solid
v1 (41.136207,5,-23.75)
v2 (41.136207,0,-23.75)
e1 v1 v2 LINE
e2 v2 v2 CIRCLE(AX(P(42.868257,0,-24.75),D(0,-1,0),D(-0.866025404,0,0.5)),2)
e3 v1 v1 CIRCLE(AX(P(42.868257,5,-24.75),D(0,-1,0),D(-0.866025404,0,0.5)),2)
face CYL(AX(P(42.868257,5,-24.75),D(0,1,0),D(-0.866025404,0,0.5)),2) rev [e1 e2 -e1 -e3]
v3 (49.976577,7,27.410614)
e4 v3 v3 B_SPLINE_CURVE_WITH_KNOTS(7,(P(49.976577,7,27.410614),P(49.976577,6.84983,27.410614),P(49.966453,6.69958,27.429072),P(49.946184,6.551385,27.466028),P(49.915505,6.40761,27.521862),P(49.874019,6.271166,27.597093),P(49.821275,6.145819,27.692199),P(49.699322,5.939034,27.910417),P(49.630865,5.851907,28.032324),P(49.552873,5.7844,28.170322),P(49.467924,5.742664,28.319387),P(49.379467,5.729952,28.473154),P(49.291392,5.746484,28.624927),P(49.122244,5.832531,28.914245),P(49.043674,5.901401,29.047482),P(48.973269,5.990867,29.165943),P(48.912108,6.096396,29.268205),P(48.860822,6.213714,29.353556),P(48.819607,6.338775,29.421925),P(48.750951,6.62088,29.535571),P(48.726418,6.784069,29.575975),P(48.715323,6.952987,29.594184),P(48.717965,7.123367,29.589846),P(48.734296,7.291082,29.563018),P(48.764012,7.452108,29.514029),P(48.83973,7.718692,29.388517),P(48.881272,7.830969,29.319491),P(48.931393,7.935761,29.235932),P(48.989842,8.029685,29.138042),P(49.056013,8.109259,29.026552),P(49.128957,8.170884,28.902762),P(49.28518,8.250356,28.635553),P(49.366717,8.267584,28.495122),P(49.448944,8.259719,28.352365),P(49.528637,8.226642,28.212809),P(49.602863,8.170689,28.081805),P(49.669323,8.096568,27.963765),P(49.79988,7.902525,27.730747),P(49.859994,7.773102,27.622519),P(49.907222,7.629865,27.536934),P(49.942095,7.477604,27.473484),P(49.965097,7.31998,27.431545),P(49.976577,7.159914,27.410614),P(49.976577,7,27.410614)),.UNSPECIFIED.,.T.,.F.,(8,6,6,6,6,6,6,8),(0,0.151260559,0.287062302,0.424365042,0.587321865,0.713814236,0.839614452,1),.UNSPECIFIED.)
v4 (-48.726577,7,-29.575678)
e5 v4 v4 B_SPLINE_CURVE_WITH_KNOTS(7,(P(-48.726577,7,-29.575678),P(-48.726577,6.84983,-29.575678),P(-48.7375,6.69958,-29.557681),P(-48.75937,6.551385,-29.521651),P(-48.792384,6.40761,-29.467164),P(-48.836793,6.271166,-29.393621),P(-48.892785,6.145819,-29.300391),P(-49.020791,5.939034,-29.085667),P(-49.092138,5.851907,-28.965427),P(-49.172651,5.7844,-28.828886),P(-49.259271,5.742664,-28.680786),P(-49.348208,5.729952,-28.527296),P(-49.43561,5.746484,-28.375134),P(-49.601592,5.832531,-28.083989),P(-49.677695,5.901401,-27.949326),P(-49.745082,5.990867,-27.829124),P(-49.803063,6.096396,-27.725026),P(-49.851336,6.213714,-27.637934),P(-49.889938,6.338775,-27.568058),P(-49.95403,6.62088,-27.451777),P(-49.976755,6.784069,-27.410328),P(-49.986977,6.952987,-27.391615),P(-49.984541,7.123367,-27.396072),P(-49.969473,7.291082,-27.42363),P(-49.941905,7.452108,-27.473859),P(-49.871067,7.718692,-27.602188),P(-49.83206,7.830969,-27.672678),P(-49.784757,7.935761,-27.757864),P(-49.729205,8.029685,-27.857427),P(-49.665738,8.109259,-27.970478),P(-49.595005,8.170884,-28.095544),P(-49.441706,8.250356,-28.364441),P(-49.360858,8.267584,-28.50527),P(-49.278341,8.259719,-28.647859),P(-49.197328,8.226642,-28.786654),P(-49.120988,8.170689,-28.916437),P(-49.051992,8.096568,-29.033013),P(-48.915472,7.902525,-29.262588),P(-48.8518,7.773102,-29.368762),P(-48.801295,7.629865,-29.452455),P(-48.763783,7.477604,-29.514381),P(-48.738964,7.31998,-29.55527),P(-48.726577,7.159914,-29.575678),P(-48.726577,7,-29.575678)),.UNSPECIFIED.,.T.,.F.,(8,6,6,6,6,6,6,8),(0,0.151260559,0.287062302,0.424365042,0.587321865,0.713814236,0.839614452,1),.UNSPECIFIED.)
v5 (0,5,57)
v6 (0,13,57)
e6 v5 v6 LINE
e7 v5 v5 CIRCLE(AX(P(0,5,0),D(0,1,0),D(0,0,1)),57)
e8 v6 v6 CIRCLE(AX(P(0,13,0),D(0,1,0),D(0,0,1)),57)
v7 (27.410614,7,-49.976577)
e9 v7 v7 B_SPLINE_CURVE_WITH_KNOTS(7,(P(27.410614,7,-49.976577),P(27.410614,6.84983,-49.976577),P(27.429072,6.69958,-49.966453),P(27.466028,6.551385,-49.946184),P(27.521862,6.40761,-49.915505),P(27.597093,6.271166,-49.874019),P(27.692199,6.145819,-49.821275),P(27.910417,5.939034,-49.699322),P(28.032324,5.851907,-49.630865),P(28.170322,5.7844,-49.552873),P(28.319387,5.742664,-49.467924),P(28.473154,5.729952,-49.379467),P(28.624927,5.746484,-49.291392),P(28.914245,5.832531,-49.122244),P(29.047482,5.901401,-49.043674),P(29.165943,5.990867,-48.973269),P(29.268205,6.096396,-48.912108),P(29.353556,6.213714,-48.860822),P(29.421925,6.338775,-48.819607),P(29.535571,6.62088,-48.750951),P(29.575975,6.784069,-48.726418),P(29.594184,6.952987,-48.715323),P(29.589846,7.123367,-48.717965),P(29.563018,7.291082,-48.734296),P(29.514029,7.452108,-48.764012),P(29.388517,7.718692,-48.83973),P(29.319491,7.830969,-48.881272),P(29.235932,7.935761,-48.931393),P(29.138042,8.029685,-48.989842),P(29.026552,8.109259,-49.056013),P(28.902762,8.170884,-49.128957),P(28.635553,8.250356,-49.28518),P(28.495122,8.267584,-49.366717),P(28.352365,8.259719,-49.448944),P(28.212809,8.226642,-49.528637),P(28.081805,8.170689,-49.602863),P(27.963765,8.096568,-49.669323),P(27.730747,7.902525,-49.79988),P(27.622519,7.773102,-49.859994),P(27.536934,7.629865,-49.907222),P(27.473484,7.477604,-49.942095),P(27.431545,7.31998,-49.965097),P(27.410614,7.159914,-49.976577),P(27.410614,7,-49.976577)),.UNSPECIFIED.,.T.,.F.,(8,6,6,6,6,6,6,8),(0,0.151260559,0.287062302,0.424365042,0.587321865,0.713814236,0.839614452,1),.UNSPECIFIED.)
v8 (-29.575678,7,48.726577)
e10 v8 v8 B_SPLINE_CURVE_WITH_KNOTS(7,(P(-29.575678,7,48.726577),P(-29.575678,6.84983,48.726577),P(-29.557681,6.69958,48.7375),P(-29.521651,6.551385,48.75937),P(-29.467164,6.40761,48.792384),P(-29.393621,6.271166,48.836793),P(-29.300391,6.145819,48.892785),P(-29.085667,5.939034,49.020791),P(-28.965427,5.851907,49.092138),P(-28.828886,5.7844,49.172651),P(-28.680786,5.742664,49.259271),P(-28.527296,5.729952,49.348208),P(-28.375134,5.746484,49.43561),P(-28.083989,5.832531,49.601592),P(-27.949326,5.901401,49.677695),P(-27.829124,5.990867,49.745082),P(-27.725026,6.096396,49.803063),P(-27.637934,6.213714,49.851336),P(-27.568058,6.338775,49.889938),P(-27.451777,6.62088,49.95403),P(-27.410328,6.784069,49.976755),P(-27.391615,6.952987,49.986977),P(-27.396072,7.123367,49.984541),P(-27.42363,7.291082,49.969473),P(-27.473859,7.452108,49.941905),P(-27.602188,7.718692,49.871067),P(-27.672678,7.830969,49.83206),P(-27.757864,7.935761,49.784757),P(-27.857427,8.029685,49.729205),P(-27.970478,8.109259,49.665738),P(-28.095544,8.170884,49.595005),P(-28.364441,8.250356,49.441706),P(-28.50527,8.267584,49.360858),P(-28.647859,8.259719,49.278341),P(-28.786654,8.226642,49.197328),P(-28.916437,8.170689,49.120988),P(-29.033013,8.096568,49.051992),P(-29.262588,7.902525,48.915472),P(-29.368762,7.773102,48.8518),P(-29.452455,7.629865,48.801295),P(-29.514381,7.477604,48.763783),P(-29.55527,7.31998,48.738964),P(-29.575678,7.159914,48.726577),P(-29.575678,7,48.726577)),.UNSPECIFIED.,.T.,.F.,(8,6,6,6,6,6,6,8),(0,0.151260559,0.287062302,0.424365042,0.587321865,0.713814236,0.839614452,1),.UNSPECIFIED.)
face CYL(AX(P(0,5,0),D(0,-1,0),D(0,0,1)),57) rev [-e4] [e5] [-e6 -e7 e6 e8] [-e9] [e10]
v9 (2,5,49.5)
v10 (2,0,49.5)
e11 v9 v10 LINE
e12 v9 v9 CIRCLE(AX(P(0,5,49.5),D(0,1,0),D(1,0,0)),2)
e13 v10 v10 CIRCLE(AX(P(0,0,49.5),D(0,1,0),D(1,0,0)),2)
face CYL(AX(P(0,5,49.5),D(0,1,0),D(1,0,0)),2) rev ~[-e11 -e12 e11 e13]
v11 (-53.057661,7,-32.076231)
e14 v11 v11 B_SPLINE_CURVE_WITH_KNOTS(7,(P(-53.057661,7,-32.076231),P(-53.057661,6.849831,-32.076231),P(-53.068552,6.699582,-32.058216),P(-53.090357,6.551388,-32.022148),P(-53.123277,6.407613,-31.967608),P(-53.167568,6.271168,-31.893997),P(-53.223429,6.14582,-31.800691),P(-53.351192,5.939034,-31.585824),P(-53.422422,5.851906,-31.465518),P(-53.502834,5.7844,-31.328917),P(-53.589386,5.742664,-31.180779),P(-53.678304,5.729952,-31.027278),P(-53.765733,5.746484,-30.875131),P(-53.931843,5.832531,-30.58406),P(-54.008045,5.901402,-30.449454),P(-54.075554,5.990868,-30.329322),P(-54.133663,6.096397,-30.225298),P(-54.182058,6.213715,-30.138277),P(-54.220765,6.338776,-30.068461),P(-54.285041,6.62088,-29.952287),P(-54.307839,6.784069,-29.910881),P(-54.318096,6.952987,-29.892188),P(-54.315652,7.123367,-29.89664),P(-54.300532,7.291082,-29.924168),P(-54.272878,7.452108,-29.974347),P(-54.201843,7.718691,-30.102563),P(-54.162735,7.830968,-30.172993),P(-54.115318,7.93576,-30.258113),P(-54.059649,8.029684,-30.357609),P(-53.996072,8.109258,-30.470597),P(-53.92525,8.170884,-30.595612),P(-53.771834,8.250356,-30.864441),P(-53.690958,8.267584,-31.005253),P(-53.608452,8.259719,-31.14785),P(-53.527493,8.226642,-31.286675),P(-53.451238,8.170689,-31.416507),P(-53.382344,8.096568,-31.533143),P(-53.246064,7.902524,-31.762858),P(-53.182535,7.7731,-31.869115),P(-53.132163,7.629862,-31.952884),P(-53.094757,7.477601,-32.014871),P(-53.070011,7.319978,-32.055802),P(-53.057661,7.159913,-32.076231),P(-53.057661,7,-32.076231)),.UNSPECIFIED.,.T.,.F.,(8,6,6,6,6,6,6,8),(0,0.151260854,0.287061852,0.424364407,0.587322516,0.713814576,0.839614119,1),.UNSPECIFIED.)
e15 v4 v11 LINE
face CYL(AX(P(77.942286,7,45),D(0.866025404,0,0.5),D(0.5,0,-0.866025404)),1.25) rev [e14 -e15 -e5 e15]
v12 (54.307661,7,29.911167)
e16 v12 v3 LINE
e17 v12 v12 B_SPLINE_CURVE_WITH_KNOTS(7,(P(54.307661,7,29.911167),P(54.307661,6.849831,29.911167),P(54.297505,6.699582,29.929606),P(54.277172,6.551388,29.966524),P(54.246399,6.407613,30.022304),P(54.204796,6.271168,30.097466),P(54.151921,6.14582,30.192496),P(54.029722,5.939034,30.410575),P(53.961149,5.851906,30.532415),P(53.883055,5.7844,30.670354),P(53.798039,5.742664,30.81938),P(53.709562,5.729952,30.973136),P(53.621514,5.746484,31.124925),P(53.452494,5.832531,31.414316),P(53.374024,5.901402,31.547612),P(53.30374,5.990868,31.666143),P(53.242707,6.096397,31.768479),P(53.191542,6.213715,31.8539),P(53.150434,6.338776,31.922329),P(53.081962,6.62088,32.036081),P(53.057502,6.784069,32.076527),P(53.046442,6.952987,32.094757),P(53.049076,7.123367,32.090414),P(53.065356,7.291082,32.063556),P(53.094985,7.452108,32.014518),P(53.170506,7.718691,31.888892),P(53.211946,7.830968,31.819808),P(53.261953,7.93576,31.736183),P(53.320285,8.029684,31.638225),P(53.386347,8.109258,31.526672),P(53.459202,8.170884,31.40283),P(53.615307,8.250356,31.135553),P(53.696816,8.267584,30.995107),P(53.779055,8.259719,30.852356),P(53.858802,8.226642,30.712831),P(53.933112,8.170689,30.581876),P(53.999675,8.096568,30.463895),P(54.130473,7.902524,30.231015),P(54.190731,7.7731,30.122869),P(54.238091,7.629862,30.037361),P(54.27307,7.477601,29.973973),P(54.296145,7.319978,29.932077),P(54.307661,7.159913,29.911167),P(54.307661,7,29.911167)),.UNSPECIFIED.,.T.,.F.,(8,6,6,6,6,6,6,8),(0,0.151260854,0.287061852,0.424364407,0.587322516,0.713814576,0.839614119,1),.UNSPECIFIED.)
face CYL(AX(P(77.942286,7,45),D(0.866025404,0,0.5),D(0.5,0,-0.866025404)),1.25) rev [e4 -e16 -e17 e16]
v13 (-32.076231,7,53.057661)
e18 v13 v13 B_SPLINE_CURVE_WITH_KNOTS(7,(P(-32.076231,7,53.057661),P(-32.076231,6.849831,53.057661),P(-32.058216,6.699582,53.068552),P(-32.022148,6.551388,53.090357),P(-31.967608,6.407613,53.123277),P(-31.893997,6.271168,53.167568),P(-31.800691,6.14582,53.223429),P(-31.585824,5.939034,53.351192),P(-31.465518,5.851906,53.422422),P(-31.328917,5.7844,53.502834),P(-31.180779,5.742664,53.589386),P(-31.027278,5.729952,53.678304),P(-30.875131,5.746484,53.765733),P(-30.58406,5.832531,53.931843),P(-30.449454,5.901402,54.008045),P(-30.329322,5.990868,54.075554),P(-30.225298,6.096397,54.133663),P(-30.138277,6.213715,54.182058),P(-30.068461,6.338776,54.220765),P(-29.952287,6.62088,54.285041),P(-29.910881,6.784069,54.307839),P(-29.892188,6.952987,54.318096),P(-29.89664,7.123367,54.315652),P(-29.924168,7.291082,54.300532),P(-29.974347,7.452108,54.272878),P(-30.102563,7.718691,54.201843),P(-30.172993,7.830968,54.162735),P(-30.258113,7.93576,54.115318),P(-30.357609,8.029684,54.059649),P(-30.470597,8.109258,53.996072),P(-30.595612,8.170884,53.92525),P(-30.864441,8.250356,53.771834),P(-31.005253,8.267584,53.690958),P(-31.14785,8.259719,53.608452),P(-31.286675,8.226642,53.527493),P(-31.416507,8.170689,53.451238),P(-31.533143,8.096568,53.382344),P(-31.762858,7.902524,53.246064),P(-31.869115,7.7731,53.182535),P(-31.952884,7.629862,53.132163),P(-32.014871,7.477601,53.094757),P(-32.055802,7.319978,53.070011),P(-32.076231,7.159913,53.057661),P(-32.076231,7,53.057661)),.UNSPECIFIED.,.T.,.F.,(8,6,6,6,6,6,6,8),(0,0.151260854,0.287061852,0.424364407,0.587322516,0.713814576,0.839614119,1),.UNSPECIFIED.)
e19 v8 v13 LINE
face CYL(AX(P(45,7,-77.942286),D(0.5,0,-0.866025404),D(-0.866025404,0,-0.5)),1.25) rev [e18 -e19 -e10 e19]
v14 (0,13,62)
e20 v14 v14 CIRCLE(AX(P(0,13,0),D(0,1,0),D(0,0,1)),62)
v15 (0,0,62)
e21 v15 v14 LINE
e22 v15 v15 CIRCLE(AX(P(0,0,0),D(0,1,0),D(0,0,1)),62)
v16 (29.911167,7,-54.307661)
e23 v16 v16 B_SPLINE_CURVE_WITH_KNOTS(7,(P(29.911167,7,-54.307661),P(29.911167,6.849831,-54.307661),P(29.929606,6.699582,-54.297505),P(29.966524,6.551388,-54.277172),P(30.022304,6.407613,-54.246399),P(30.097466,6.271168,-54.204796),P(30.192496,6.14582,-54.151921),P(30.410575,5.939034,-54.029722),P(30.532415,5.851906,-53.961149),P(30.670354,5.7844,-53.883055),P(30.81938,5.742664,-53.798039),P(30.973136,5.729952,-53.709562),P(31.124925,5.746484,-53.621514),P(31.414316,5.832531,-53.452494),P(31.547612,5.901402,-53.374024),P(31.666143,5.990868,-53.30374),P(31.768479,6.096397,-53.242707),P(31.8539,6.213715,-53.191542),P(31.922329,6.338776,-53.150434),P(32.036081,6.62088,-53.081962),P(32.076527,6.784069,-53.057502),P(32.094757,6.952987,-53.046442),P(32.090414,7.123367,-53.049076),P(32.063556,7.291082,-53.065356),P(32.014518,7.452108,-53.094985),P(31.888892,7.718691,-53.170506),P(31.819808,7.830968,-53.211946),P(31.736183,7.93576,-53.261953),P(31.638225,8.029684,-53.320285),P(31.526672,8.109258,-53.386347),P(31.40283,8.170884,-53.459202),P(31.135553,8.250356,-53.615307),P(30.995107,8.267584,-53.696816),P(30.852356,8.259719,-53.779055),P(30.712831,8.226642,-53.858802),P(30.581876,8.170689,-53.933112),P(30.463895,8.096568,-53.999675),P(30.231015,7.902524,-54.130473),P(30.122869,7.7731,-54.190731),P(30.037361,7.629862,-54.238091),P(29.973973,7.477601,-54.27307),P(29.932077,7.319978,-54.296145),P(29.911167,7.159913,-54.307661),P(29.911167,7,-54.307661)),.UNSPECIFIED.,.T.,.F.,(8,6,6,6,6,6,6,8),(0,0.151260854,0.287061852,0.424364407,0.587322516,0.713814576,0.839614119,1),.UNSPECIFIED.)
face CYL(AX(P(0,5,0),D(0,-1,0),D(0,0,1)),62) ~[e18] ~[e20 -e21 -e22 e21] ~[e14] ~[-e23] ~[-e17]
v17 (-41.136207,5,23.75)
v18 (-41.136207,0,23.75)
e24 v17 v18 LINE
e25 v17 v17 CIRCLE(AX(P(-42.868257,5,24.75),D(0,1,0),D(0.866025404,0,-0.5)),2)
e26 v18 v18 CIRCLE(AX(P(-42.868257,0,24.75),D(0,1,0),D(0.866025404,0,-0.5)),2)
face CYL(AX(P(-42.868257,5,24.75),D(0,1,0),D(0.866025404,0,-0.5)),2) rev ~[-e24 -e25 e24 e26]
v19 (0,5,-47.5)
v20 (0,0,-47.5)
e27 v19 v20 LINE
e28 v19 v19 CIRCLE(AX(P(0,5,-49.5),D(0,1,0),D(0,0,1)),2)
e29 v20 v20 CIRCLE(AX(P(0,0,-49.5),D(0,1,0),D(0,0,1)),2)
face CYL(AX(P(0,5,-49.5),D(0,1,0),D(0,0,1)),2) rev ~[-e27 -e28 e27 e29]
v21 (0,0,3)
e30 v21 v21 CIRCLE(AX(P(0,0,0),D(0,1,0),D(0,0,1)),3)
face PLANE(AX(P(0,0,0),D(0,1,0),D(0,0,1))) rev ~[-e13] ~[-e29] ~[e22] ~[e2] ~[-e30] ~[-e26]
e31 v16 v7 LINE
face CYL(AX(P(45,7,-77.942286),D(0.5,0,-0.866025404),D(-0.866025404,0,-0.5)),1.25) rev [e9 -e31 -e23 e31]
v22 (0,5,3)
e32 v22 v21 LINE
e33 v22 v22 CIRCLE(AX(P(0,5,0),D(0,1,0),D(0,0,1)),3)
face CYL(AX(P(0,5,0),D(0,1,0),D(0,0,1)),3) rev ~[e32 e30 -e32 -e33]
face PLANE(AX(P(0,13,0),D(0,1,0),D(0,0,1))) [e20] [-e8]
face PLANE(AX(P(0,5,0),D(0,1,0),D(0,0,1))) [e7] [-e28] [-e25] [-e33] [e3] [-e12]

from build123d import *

# Parameters (mm, degrees)
SKETCH1_R               = 62
BOSS_EXTRUDE1_DEPTH     = 5
SKETCH2_R               = 2
CUT_EXTRUDE1_DEPTH      = 5
CIRPATTERN1_COUNT       = 2
CIRPATTERN1_ANGLE       = 120
MIRROR1_COPY_1_SKETCH_R = 2
MIRROR1_COPY_1_DEPTH    = 5
SKETCH5_R               = 62
SKETCH5_R_2             = 57
BOSS_EXTRUDE2_DEPTH     = 8
CUT_EXTRUDE2_START      = -90
SKETCH6_R               = 1.25
CUT_EXTRUDE2_DEPTH      = 192
CIRPATTERN2_COUNT       = 2
CIRPATTERN2_ANGLE       = 90
SKETCH7_R               = 3
CUT_EXTRUDE3_DEPTH      = 10


with BuildPart() as part:
    # Sketch1 → Boss-Extrude1 (new body)
    with BuildSketch(Plane(origin=(0, 0, 0), x_dir=(1, 0, 0), z_dir=(0, 1, 0))):
        with Locations(Location((0, 0, 0), (0, 0, 270))):
            Circle(SKETCH1_R)
    extrude(amount=BOSS_EXTRUDE1_DEPTH)

    # Sketch2 → Cut-Extrude1 (cut)
    with BuildSketch(Plane(origin=(0, 5, 0), x_dir=(1, 0, 0), z_dir=(0, 1, 0))):
        with Locations(Location((0, 49.5, 0), (0, 0, 270))):
            Circle(SKETCH2_R)
    cut_extrude1 = extrude(amount=-CUT_EXTRUDE1_DEPTH, mode=Mode.SUBTRACT)

    # CirPattern1: Cut-Extrude1 ×2 about axis
    cirpattern1_axis = Axis((0, 5, 0), (0, 1, 0))
    for i in range(1, CIRPATTERN1_COUNT):
        add(cut_extrude1.rotate(cirpattern1_axis, i * CIRPATTERN1_ANGLE / (CIRPATTERN1_COUNT - 1)), mode=Mode.SUBTRACT)

    # Mirror1: Cut-Extrude1 across plane
    add(cut_extrude1.mirror(Plane(origin=(0, 0, 0), x_dir=(-0.49999999999999806, 0, 0.8660254037844398), z_dir=(-0.8660254037844398, 0, -0.49999999999999806))), mode=Mode.SUBTRACT)

    # Mirror1 copy 1 sketch → Mirror1 copy 1 (cut)
    with BuildSketch(Plane(origin=(0, 5, 0), x_dir=(1, 0, 0), z_dir=(0, 1, 0))):
        with Locations((0, -49.5)):
            Circle(MIRROR1_COPY_1_SKETCH_R)
    extrude(amount=-MIRROR1_COPY_1_DEPTH, mode=Mode.SUBTRACT)

    # Sketch5 → Boss-Extrude2 (add)
    with BuildSketch(Plane(origin=(0, 5, 0), x_dir=(1, 0, 0), z_dir=(0, 1, 0))):
        with Locations(Location((0, 0, 0), (0, 0, 270))):
            Circle(SKETCH5_R)
        with Locations(Location((0, 0, 0), (0, 0, 270))):
            Circle(SKETCH5_R_2, mode=Mode.SUBTRACT)
    extrude(amount=BOSS_EXTRUDE2_DEPTH)

    # Sketch6 → Cut-Extrude2 (cut)
    with BuildSketch(Plane(origin=(0, 0, 0), x_dir=(-0.49999999999999806, 0, 0.8660254037844398), z_dir=(-0.8660254037844398, 0, -0.49999999999999806)).offset(CUT_EXTRUDE2_START)):
        with Locations(Location((0, 7, 0), (0, 0, 180))):
            Circle(SKETCH6_R)
    cut_extrude2 = extrude(amount=CUT_EXTRUDE2_DEPTH, mode=Mode.SUBTRACT)

    # CirPattern2: Cut-Extrude2 ×2 about axis
    cirpattern2_axis = Axis((0, 13, 0), (0, 1, 0))
    for i in range(1, CIRPATTERN2_COUNT):
        add(cut_extrude2.rotate(cirpattern2_axis, i * CIRPATTERN2_ANGLE / (CIRPATTERN2_COUNT - 1)), mode=Mode.SUBTRACT)

    # Sketch7 → Cut-Extrude3 (cut)
    with BuildSketch(Plane(origin=(0, 5, 0), x_dir=(1, 0, 0), z_dir=(0, 1, 0))):
        with Locations(Location((0, 0, 0), (0, 0, 270))):
            Circle(SKETCH7_R)
    extrude(amount=-CUT_EXTRUDE3_DEPTH, mode=Mode.SUBTRACT)


solid = part.part
